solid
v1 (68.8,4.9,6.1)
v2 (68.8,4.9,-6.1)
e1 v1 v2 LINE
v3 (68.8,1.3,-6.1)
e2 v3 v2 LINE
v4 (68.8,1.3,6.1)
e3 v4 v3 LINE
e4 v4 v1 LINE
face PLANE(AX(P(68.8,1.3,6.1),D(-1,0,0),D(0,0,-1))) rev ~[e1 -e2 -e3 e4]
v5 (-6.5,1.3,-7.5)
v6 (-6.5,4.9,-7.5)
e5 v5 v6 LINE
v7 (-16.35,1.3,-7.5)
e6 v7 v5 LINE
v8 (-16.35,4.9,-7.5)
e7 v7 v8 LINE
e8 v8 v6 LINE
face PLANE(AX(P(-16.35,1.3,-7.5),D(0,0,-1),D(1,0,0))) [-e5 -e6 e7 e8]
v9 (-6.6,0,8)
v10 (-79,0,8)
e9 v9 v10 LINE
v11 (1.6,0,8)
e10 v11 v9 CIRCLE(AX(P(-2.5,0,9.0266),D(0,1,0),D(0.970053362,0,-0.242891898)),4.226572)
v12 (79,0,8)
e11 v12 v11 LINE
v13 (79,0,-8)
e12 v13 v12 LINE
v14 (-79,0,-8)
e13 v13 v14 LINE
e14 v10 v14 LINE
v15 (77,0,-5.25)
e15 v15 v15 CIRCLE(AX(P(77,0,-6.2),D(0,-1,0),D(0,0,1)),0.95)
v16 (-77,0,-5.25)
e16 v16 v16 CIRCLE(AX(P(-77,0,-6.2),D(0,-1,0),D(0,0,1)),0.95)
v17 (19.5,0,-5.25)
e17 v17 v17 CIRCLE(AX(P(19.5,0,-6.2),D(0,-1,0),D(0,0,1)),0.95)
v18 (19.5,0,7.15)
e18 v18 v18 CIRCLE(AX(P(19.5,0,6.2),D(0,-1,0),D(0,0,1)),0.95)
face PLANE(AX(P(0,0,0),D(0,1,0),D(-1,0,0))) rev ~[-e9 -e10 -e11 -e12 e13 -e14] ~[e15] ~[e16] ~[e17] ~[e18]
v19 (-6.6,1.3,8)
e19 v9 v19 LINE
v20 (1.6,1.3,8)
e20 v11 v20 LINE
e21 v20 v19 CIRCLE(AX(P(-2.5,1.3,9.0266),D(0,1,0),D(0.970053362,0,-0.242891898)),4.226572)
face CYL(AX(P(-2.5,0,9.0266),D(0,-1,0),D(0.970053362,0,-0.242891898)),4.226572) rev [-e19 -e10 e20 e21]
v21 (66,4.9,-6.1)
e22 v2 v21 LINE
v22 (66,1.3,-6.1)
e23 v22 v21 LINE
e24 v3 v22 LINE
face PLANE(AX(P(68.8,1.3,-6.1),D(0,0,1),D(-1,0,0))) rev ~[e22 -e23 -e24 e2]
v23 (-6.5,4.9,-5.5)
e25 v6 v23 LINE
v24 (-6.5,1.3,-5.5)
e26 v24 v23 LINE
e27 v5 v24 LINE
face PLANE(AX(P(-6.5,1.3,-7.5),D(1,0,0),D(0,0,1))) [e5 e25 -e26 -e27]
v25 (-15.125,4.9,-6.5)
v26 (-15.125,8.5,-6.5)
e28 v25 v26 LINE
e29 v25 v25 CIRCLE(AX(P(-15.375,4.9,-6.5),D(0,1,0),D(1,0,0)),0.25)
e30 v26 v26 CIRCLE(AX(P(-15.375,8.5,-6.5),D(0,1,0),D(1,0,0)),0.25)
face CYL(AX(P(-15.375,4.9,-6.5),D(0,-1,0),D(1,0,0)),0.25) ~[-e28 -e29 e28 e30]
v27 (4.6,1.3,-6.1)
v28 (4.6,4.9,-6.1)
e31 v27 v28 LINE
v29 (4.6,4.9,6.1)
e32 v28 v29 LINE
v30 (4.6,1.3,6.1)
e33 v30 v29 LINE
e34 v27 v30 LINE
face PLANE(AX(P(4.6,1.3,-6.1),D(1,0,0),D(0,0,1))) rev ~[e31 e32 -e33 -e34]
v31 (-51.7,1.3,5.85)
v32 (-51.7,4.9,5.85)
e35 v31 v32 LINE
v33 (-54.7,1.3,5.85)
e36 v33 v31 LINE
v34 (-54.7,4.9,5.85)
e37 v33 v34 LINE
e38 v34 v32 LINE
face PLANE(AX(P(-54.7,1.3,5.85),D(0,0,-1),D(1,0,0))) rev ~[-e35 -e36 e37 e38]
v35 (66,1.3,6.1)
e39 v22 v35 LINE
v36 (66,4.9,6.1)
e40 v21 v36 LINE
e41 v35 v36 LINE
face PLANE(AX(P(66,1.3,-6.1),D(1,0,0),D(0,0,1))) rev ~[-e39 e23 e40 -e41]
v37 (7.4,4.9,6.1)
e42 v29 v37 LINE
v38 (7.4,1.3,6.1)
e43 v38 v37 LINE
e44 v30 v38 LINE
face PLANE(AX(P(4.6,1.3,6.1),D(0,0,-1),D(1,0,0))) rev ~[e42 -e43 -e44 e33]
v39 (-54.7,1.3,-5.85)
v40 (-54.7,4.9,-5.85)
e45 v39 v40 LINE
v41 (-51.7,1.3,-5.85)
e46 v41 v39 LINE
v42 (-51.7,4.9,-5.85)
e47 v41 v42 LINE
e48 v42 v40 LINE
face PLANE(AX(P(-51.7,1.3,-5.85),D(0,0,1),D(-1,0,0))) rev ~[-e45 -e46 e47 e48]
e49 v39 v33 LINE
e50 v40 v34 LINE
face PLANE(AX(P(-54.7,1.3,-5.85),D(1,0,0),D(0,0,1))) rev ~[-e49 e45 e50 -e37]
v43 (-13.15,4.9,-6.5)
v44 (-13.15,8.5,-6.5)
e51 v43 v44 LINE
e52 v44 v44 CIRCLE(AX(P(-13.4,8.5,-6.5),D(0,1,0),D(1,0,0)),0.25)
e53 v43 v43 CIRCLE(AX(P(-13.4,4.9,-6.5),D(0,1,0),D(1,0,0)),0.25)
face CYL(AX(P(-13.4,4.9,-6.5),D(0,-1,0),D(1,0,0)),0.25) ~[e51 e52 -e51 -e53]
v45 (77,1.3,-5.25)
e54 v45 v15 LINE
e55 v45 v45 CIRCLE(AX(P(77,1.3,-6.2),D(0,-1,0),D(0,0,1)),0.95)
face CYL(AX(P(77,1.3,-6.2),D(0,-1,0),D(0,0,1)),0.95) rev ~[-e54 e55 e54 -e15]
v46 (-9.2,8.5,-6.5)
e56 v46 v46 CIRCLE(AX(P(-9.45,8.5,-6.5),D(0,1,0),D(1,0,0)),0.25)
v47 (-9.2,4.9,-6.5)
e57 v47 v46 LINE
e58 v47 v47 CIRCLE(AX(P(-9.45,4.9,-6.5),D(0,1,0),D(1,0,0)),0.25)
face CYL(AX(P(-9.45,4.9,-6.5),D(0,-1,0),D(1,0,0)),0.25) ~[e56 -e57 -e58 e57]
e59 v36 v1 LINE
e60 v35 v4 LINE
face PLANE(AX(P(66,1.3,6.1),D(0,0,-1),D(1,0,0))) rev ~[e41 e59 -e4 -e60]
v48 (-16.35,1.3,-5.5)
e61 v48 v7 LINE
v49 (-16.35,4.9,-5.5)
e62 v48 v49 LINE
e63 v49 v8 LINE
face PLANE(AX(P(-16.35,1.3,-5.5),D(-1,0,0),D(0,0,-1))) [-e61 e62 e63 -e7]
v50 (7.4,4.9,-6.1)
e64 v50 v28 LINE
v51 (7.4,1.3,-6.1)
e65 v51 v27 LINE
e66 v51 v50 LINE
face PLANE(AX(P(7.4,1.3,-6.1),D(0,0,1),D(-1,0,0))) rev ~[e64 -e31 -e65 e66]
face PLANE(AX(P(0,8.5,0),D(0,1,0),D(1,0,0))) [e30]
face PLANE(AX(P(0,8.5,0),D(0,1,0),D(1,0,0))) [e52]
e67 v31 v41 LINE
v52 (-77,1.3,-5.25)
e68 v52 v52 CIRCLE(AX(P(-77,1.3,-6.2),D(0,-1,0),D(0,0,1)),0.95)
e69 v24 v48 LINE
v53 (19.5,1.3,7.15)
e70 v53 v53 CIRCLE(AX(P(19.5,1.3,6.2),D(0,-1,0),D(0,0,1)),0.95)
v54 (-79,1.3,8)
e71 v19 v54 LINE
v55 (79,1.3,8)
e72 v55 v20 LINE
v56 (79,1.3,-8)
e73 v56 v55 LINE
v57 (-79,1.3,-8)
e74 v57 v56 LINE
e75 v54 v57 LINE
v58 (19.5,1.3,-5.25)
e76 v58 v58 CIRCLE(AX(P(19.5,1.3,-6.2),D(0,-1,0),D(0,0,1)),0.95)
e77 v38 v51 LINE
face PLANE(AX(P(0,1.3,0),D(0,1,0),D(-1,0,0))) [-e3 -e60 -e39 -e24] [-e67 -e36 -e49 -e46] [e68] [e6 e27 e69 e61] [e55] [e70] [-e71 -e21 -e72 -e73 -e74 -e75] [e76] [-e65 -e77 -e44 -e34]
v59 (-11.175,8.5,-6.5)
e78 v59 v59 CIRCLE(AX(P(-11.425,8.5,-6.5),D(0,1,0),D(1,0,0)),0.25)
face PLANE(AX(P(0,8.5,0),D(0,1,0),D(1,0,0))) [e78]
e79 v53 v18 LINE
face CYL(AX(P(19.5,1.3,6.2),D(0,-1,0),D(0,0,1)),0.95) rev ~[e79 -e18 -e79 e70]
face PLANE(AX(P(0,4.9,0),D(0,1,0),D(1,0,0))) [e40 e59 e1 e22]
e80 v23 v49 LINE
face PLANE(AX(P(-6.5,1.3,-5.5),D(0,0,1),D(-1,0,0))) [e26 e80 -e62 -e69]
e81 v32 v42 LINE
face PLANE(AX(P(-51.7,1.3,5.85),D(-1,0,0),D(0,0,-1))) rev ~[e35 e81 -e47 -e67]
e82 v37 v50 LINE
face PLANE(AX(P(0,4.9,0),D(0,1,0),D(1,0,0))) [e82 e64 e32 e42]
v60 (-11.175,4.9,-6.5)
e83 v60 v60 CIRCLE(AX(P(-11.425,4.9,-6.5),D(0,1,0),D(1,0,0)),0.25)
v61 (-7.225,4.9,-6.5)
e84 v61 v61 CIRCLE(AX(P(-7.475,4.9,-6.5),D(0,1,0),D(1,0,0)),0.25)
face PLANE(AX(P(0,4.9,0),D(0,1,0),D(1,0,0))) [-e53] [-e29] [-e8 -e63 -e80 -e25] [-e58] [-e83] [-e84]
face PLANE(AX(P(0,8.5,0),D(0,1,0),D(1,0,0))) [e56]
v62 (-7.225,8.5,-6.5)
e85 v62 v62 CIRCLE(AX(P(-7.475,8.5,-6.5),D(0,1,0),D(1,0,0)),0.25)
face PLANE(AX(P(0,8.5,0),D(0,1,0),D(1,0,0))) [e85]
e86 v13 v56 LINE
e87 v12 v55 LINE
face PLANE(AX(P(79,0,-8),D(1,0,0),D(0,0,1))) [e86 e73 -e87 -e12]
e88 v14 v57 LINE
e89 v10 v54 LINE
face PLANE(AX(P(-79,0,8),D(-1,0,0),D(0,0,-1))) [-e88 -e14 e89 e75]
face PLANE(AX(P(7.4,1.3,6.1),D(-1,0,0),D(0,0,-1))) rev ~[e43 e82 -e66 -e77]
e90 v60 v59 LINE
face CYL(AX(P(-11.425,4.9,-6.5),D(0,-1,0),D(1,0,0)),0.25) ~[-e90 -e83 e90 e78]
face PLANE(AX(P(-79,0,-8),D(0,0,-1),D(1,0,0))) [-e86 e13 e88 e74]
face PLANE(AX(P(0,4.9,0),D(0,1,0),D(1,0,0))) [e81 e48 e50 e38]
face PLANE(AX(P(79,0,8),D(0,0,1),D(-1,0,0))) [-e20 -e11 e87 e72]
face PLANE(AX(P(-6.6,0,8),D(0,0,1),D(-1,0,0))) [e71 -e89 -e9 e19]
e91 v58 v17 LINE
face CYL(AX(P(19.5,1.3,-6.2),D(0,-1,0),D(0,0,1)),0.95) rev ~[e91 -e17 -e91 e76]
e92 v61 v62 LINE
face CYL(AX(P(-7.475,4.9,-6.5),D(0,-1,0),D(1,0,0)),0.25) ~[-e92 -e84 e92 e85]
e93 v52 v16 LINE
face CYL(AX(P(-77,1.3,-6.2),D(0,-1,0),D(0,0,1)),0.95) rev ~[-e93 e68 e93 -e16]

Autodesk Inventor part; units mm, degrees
ref_plane "YZ Plane" through (0, 0, 0) normal (1, 0, 0) x (0, 1, 0)
ref_plane "XZ Plane" through (0, 0, 0) normal (0, 1, 0) x (-1, 0, 0)
ref_plane "XY Plane" through (0, 0, 0) normal (0, 0, 1) x (1, 0, 0)
sketch "Sketch1" plane through (0, 0, 0) normal (0, 1, 0) x (-1, 0, 0)
  line L0 (79, -8) -> (-79, -8)
  line L1 (-79, -8) -> (-79, 8)
  line L2 (79, 8) -> (79, -8)
  line L3 (79, -8) -> (-79, 8) construction
  line L4 (-79, -8) -> (79, 8) construction
  arc A0 (-1.6, 8) -> (6.6, 8) centre (2.5, 9.0266) ccw
  line L5 (0, -8) -> (0, 2.5887)
  line L6 (2.5, 9.0266) -> (2.5, 15.2917) construction
  line L7 (7.7992, 4.8) -> (-2.6665, 4.8) construction
  line L8 (-79, 8) -> (-1.6, 8)
  line L9 (6.6, 8) -> (79, 8)
  point P0 (0, 0)
  dimension "d0" = 158
  dimension "d1" = 16
  dimension "d2" = 76.5
  dimension "d3" = 8.2
  dimension "d5" = 3.2
extrude "Extrusion1" add sketch "Sketch1" along normal blind 1.3
sketch "Sketch2" plane through (0, 1.3, 0) normal (0, 1, 0) x (1, 0, 0)
  line L0 (79, 8) -> (-79, 8) projected
  line L1 (-79, 8) -> (-79, -8) projected
  line L2 (-79, -8) -> (-6.6, -8) projected
  arc A0 (1.6, -8) -> (-6.6, -8) centre (-2.5, -9.0266) ccw projected
  line L3 (1.6, -8) -> (79, -8) projected
  line L4 (79, -8) -> (79, 8) projected
  line L5 (-77, 6.2) -> (77, 6.2) construction
  line L6 (19.5, 6.2) -> (19.5, -6.2) construction
  point P0 (0, 0)
  dimension "d8" = 154
  dimension "d9" = 1.8
  dimension "d10" = 1.8
  dimension "d11" = 57.5
  dimension "d19" = 2
  dimension "d20" = 2
  dimension "d47" = 59.5
hole "Hole1" at (-77, 1.3, -6.2) at (77, 1.3, -6.2) at (19.5, 1.3, -6.2) at (19.5, 1.3, 6.2) direction (0, -1, 0) diameter 1.9 end through all
sketch "Sketch3" plane through (0, 1.3, 0) normal (0, 1, 0) x (1, 0, 0)
  line L0 (-16.35, 7.5) -> (-6.5, 7.5)
  line L1 (-6.5, 7.5) -> (-6.5, 5.5)
  line L2 (-6.5, 5.5) -> (-16.35, 5.5)
  line L3 (-16.35, 5.5) -> (-16.35, 7.5)
  line L4 (-16.35, 7.5) -> (-6.5, 5.5) construction
  line L5 (-6.5, 7.5) -> (-16.35, 5.5) construction
  line L6 (79, 8) -> (-79, 8) projected
  line L7 (-79, 8) -> (-79, -8) projected
  line L8 (-54.7, -5.85) -> (-51.7, -5.85)
  line L9 (-51.7, -5.85) -> (-51.7, 5.85)
  line L10 (-51.7, 5.85) -> (-54.7, 5.85)
  line L11 (-54.7, 5.85) -> (-54.7, -5.85)
  line L12 (-54.7, -5.85) -> (-51.7, 5.85) construction
  line L13 (-51.7, -5.85) -> (-54.7, 5.85) construction
  line L14 (4.6, -6.1) -> (7.4, -6.1)
  line L15 (7.4, -6.1) -> (7.4, 6.1)
  line L16 (7.4, 6.1) -> (4.6, 6.1)
  line L17 (4.6, 6.1) -> (4.6, -6.1)
  line L18 (4.6, -6.1) -> (7.4, 6.1) construction
  line L19 (7.4, -6.1) -> (4.6, 6.1) construction
  line L20 (66, -6.1) -> (68.8, -6.1)
  line L21 (68.8, -6.1) -> (68.8, 6.1)
  line L22 (68.8, 6.1) -> (66, 6.1)
  line L23 (66, 6.1) -> (66, -6.1)
  line L24 (66, -6.1) -> (68.8, 6.1) construction
  line L25 (68.8, -6.1) -> (66, 6.1) construction
  line L26 (6, 0) -> (67.4, 0) construction
  line L27 (79, -8) -> (79, 8) projected
  point P0 (0, 0)
  point P1 (-11.425, 6.5)
  point P2 (-53.2, 0)
  point P3 (-53.2, 0)
  dimension "d21" = 9.85
  dimension "d22" = 2
  dimension "d23" = 0.5
  dimension "d24" = 72.5
  dimension "d25" = 3
  dimension "d26" = 11.7
  dimension "d27" = 2.8
  dimension "d28" = 12.2
  dimension "d29" = 12.2
  dimension "d30" = 2.8
  dimension "d31" = 74.4
  dimension "d32" = 13
  dimension "d33" = 27.3
extrude "Extrusion2" add sketch "Sketch3" along normal blind 3.6
sketch "Sketch4" plane through (0, 4.9, 0) normal (0, 1, 0) x (1, 0, 0)
  line L0 (-6.5, 7.5) -> (-16.35, 7.5) projected
  line L1 (-16.35, 7.5) -> (-16.35, 5.5) projected
  line L2 (-16.35, 5.5) -> (-6.5, 5.5) projected
  line L3 (-6.5, 5.5) -> (-6.5, 7.5) projected
  line L4 (-16.35, 6.5) -> (-6.5, 6.5) construction
  line L5 (-6.5, 7.5) -> (-6.5, 5.5) projected
  circle A0 centre (-15.375, 6.5) radius 0.25
  circle A1 centre (-7.475, 6.5) radius 0.25
  circle A2 centre (-13.4, 6.5) radius 0.25
  circle A3 centre (-11.425, 6.5) radius 0.25
  circle A4 centre (-9.45, 6.5) radius 0.25
  line L6 (-6.5, 5.5) -> (-16.35, 5.5) projected
  line L7 (-11.425, 5.5) -> (-11.425, 4.6298) construction
  point P0 (0, 0)
  dimension "d36" = 0.5
  dimension "d37" = 0.5
  dimension "d38" = 7.9
  dimension "d39" = 0.5
  dimension "d40" = 0.5
  dimension "d41" = 0.5
  dimension "d42" = 1.975
  dimension "d43" = 1.975
  dimension "d44" = 1.975
extrude "Extrusion3" add sketch "Sketch4" along normal blind 3.6 contours A0 | A1 | A2 | A3 | A4
equation "\"d10\" = d9"
equation "\"d29\" = d28"
equation "\"d30\" = d27"
equation "\"d42\" = 0.25 * d38"
equation "\"d43\" = d42"
equation "\"d44\" = d43"
properties part number "xtion_mainboard"
